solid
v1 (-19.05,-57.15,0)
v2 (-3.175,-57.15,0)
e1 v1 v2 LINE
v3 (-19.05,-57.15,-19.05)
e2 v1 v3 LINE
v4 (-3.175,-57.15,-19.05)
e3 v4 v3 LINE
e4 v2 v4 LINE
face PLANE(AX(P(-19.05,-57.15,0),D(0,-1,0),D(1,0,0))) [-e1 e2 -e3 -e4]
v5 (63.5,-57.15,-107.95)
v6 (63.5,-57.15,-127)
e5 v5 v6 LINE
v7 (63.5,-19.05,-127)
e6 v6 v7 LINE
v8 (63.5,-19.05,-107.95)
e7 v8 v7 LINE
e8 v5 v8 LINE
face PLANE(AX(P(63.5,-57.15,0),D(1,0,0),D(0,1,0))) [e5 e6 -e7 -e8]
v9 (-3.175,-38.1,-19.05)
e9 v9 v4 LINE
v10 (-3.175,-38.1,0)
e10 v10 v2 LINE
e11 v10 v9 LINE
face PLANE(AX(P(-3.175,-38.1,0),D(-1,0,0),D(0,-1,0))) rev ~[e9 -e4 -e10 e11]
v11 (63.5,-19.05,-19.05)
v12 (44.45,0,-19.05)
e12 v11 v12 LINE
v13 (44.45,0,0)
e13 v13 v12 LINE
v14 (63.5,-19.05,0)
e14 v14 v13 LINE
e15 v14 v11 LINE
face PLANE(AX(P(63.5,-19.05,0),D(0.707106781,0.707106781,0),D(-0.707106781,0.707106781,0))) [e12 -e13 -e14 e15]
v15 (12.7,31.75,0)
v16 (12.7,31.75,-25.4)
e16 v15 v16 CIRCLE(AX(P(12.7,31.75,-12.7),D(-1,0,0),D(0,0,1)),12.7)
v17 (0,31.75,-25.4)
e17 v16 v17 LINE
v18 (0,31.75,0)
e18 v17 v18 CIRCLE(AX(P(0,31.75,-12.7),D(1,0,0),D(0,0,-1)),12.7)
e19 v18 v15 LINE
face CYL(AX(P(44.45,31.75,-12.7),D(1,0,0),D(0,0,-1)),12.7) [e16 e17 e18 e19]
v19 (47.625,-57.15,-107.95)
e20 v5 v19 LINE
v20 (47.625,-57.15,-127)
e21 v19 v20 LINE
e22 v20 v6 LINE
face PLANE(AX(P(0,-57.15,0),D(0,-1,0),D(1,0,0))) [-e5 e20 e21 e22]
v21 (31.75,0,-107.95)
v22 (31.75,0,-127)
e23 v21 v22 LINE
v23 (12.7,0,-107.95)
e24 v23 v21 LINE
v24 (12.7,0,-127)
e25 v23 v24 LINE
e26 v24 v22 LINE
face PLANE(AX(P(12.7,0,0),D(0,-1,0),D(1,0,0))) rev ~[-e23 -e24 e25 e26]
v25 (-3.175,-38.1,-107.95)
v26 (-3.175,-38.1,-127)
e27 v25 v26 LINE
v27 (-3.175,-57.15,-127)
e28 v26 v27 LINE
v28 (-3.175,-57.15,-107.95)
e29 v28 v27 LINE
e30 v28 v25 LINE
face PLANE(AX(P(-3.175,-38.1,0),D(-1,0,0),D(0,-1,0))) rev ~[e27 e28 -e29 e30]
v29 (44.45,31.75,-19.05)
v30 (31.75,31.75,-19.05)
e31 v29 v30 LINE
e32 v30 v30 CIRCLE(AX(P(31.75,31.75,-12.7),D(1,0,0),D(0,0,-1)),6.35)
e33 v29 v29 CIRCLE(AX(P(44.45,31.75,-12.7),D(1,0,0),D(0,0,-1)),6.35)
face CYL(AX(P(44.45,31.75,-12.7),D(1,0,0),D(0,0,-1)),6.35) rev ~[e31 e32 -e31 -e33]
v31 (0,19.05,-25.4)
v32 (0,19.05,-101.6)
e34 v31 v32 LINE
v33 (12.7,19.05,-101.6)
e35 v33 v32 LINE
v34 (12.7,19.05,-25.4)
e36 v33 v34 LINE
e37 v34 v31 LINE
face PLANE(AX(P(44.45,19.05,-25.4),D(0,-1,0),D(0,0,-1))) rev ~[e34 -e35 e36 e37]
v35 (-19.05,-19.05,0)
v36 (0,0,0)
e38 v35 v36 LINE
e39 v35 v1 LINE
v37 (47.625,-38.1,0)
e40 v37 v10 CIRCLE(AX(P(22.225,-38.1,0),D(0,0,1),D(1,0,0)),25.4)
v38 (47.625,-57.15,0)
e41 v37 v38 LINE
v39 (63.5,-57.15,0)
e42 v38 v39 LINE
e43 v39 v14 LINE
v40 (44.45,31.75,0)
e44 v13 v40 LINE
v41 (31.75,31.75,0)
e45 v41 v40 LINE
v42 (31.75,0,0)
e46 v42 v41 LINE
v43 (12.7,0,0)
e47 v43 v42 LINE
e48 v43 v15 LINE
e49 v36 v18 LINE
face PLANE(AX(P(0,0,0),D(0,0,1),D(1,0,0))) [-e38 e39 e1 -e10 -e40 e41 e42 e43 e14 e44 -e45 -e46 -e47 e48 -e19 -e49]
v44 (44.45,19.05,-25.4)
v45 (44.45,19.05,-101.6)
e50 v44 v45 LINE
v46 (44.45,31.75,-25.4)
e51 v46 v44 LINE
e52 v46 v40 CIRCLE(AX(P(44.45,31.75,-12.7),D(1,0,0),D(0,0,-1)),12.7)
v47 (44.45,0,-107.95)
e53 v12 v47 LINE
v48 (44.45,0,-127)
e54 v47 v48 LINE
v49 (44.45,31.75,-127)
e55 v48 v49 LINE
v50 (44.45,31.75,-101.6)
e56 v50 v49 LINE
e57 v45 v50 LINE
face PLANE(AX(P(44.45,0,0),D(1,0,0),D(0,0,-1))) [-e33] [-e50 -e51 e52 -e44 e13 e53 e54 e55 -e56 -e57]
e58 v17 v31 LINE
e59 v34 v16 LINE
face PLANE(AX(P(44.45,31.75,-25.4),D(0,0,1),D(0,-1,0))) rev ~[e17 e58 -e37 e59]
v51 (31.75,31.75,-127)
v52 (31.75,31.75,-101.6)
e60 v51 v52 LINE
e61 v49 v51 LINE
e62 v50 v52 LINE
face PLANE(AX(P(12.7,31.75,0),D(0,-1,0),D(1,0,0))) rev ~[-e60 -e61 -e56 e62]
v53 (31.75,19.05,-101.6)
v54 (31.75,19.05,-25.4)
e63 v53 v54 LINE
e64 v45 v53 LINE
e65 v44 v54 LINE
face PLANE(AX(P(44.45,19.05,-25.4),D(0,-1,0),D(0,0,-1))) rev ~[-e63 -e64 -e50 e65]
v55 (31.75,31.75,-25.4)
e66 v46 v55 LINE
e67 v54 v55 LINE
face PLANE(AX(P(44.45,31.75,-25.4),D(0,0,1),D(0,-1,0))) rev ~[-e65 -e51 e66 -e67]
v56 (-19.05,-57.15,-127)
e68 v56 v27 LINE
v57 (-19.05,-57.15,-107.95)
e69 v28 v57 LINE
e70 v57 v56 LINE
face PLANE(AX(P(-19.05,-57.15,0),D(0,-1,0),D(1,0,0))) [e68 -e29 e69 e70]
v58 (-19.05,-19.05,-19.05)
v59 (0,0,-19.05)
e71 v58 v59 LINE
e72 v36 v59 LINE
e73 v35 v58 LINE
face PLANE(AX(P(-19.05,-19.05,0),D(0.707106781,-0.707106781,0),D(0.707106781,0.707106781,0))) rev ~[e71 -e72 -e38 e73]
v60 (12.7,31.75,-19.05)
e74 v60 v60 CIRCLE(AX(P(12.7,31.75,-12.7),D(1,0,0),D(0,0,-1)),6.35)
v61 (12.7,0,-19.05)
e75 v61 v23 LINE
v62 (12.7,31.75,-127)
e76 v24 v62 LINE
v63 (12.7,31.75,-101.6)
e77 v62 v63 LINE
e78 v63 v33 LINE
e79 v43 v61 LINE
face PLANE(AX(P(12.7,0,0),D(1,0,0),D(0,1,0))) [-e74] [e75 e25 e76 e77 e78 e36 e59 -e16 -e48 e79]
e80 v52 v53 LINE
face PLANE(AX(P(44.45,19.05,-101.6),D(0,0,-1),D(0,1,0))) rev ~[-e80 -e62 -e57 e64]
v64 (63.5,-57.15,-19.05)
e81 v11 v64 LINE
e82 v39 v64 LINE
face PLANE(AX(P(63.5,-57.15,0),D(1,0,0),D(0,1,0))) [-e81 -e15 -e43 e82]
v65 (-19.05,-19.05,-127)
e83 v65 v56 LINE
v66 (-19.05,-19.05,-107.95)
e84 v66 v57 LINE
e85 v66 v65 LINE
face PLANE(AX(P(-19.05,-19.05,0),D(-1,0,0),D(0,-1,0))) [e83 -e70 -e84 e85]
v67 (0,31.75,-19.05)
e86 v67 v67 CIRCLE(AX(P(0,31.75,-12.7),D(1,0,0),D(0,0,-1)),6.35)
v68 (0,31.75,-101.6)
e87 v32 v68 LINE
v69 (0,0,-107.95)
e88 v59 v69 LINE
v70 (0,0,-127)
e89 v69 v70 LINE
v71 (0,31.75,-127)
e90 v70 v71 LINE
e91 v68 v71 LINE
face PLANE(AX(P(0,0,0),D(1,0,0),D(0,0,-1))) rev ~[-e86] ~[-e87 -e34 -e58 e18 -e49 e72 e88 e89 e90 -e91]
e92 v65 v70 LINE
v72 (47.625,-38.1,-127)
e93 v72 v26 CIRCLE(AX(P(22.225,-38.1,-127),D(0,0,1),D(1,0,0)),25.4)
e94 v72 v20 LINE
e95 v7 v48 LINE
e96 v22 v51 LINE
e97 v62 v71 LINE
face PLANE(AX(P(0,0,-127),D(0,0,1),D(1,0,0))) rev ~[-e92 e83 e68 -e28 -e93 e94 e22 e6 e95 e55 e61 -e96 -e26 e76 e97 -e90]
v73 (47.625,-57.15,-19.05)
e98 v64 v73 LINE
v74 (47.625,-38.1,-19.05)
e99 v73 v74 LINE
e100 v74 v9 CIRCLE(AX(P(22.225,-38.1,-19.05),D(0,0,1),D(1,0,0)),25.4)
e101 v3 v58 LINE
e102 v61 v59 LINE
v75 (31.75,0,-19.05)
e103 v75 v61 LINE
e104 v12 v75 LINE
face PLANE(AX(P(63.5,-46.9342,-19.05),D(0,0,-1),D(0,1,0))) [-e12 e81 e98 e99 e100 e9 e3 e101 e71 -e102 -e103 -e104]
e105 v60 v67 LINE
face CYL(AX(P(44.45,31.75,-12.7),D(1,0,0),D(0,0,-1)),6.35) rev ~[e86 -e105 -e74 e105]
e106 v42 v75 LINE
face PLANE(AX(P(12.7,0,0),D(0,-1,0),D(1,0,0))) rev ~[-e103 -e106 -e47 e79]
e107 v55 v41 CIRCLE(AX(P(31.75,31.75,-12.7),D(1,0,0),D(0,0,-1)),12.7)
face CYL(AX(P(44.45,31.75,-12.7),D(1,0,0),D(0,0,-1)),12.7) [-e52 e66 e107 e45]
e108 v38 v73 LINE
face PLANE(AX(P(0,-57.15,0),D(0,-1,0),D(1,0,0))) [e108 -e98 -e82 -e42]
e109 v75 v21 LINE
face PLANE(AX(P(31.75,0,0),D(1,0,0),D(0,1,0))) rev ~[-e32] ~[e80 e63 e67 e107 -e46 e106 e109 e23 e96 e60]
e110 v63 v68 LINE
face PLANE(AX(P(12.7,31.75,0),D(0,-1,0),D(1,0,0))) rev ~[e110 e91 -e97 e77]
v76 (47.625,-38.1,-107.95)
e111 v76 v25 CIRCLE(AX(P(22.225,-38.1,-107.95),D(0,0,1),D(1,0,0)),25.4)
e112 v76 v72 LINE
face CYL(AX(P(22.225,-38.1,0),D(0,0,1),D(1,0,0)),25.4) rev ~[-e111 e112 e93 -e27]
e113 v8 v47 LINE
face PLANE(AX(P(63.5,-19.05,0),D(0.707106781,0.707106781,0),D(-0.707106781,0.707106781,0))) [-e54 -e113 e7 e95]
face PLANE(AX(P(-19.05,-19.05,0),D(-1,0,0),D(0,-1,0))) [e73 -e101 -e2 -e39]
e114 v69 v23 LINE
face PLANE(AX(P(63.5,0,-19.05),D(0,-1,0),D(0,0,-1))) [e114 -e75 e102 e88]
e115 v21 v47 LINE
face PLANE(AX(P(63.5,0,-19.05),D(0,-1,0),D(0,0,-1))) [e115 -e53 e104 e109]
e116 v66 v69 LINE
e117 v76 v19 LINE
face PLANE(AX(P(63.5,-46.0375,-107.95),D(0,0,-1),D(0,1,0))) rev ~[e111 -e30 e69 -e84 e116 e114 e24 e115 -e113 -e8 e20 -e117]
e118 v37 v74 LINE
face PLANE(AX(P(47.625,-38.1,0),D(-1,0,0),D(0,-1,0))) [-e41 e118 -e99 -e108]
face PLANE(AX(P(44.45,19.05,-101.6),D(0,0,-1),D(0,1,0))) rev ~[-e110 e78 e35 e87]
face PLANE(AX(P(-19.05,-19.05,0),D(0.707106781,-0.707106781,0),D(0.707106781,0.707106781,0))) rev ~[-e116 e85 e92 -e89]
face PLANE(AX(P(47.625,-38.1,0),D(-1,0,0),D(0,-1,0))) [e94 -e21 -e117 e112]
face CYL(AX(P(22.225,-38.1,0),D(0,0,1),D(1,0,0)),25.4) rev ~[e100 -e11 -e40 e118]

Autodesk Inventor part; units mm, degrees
ref_plane "YZ Plane" through (0, 0, 0) normal (1, 0, 0) x (0, 1, 0)
ref_plane "XZ Plane" through (0, 0, 0) normal (0, 1, 0) x (-1, 0, 0)
ref_plane "XY Plane" through (0, 0, 0) normal (0, 0, 1) x (1, 0, 0)
sketch "Sketch1" plane through (0, 0, 0) normal (0, 0, 1) x (1, 0, 0)
  line L0 (0, 0) -> (44.45, 0)
  line L1 (44.45, 0) -> (44.45, 31.75)
  line L2 (44.45, 31.75) -> (31.75, 31.75)
  line L3 (31.75, 31.75) -> (31.75, 0)
  line L4 (0, 0) -> (0, 31.75)
  line L5 (0, 31.75) -> (12.7, 31.75)
  line L6 (12.7, 31.75) -> (12.7, 0)
  line L7 (63.5, -19.05) -> (44.45, 0)
  line L8 (-19.05, -19.05) -> (0, 0)
  line L9 (-19.05, -19.05) -> (-19.05, -57.15)
  line L10 (-19.05, -57.15) -> (0, -57.15)
  line L11 (0, -57.15) -> (63.5, -57.15)
  line L12 (63.5, -57.15) -> (63.5, -19.05)
  dimension "d0" = 44.45
  dimension "d1" = 31.75
  dimension "d2" = 12.7
  dimension "d3" = 31.75
  dimension "d4" = 12.7
  dimension "d9" = 38.1
extrude "Extrusion1" add sketch "Sketch1" against normal blind 127 contours L0 L7 L12 L11 L10 L9 L8
sketch "Sketch2" plane through (0, 0, 0) normal (0, 0, 1) x (1, 0, 0)
  line L0 (63.5, -57.15) -> (-19.05, -57.15) projected
  arc A0 (47.625, -38.1) -> (-3.175, -38.1) centre (22.225, -38.1) ccw
  line L1 (-3.175, -38.1) -> (-3.175, -57.15)
  line L2 (47.625, -38.1) -> (47.625, -57.15)
  point P0 (0, 0)
  dimension "d14" = 50.8
extrude "Extrusion2" cut sketch "Sketch2" against normal blind 127
sketch "Sketch3" plane through (0, 0, 0) normal (0, 0, 1) x (1, 0, 0)
  line L0 (0, 0) -> (-19.05, -19.05) projected
  line L1 (0, 0) -> (0, 31.75)
  line L2 (0, 31.75) -> (12.7, 31.75)
  line L3 (12.7, 31.75) -> (12.7, 0)
  line L4 (44.45, 0) -> (0, 0) projected
  line L5 (44.45, 0) -> (44.45, 31.75)
  line L6 (44.45, 31.75) -> (31.75, 31.75)
  line L7 (31.75, 31.75) -> (31.75, 0)
  dimension "d17" = 31.75
  dimension "d18" = 12.7
  dimension "d19" = 31.75
  dimension "d20" = 12.7
extrude "Extrusion3" add sketch "Sketch3" against normal blind 127 contours L1 L2 L3 L4
sketch "Sketch4" plane through (0, 0, 0) normal (0, 0, 1) x (1, 0, 0)
  line L0 (12.7, 0) -> (44.45, 0) projected
  line L1 (44.45, 0) -> (44.45, 31.75)
  line L2 (44.45, 31.75) -> (31.75, 31.75)
  line L3 (31.75, 31.75) -> (31.75, 0)
  point P0 (0, 0)
  dimension "d23" = 31.75
  dimension "d24" = 12.7
extrude "Extrusion4" add sketch "Sketch4" against normal blind 127
sketch "Sketch5" plane through (63.5, -57.15, 0) normal (1, 0, 0) x (0, 0, -1)
  line L0 (107.95, 11.1125) -> (107.95, 57.15)
  line L1 (0, 57.15) -> (127, 57.15) projected
  line L2 (19.05, 10.2158) -> (19.05, 57.15)
  line L3 (107.95, 57.15) -> (19.05, 57.15)
  line L4 (19.05, 10.2158) -> (19.05, 0)
  line L5 (0, 0) -> (127, 0) projected
  line L6 (107.95, 11.1125) -> (107.95, 0)
extrude "Extrusion5" cut sketch "Sketch5" against normal blind 127
sketch "Sketch6" plane through (0, 0, 0) normal (0, 0, 1) x (1, 0, 0)
  line L0 (12.7, 31.75) -> (33.3375, 31.75)
  line L1 (31.75, 0) -> (31.75, 31.75) projected
  line L2 (33.3375, 31.75) -> (31.75, 0)
  line L3 (12.7, 0) -> (31.75, 0) projected
  line L4 (31.75, 0) -> (12.7, 0)
  line L5 (12.7, 31.75) -> (12.7, 0) projected
  line L6 (12.7, 0) -> (12.7, 31.75)
  point P0 (0, 0)
extrude "Extrusion6" add sketch "Sketch6" against normal blind 127 contours L0 L1 L3 L5
sketch "Sketch7" plane through (44.45, 0, 0) normal (1, 0, 0) x (0, 0, -1)
  line L0 (0, 31.75) -> (127, 31.75) projected
  circle A0 centre (12.7, 31.75) radius 12.7
  point P0 (0, 0)
  point P1 (25.4, 31.75)
  dimension "d35" = 25.4
extrude "Extrusion7" add sketch "Sketch7" against normal blind 44.45 contours A0 L0 picked at (10.6191, 40.4828)
sketch "Sketch8" plane through (44.45, 0, -127) normal (1, 0, 0) x (0, 0, -1)
  circle A0 centre (-114.3, 31.75) radius 6.35
  point P0 (-127, 0)
  dimension "d39" = 12.7
extrude "Extrusion8" cut sketch "Sketch8" against normal blind 44.45
sketch "Sketch9" plane through (44.45, 0, -127) normal (1, 0, 0) x (0, 0, -1)
  line L0 (-101.6, 31.75) -> (0, 31.75) projected
  line L1 (-101.6, 31.75) -> (-101.6, 19.05)
  line L2 (-101.6, 19.05) -> (-25.4, 19.05)
  line L3 (-25.4, 19.05) -> (-25.4, 31.75)
  point P0 (-127, 0)
  dimension "d42" = 12.7
extrude "Extrusion9" cut sketch "Sketch9" against normal through all
sketch "Sketch10" plane through (0, 0, 0) normal (0, 0, 1) x (1, 0, 0)
  line L0 (12.7, 0) -> (12.7, 44.45)
  line L1 (31.75, 0) -> (31.75, 44.45)
  line L2 (44.45, 44.45) -> (0, 44.45) projected
  line L3 (12.7, 44.45) -> (31.75, 44.45)
  line L4 (12.7, 0) -> (31.75, 0)
  line L5 (0, 0) -> (44.45, 0) projected
  dimension "d50" = 19.05
extrude "Extrusion10" cut sketch "Sketch10" against normal blind 127
properties part number "Assignment 2.4"
